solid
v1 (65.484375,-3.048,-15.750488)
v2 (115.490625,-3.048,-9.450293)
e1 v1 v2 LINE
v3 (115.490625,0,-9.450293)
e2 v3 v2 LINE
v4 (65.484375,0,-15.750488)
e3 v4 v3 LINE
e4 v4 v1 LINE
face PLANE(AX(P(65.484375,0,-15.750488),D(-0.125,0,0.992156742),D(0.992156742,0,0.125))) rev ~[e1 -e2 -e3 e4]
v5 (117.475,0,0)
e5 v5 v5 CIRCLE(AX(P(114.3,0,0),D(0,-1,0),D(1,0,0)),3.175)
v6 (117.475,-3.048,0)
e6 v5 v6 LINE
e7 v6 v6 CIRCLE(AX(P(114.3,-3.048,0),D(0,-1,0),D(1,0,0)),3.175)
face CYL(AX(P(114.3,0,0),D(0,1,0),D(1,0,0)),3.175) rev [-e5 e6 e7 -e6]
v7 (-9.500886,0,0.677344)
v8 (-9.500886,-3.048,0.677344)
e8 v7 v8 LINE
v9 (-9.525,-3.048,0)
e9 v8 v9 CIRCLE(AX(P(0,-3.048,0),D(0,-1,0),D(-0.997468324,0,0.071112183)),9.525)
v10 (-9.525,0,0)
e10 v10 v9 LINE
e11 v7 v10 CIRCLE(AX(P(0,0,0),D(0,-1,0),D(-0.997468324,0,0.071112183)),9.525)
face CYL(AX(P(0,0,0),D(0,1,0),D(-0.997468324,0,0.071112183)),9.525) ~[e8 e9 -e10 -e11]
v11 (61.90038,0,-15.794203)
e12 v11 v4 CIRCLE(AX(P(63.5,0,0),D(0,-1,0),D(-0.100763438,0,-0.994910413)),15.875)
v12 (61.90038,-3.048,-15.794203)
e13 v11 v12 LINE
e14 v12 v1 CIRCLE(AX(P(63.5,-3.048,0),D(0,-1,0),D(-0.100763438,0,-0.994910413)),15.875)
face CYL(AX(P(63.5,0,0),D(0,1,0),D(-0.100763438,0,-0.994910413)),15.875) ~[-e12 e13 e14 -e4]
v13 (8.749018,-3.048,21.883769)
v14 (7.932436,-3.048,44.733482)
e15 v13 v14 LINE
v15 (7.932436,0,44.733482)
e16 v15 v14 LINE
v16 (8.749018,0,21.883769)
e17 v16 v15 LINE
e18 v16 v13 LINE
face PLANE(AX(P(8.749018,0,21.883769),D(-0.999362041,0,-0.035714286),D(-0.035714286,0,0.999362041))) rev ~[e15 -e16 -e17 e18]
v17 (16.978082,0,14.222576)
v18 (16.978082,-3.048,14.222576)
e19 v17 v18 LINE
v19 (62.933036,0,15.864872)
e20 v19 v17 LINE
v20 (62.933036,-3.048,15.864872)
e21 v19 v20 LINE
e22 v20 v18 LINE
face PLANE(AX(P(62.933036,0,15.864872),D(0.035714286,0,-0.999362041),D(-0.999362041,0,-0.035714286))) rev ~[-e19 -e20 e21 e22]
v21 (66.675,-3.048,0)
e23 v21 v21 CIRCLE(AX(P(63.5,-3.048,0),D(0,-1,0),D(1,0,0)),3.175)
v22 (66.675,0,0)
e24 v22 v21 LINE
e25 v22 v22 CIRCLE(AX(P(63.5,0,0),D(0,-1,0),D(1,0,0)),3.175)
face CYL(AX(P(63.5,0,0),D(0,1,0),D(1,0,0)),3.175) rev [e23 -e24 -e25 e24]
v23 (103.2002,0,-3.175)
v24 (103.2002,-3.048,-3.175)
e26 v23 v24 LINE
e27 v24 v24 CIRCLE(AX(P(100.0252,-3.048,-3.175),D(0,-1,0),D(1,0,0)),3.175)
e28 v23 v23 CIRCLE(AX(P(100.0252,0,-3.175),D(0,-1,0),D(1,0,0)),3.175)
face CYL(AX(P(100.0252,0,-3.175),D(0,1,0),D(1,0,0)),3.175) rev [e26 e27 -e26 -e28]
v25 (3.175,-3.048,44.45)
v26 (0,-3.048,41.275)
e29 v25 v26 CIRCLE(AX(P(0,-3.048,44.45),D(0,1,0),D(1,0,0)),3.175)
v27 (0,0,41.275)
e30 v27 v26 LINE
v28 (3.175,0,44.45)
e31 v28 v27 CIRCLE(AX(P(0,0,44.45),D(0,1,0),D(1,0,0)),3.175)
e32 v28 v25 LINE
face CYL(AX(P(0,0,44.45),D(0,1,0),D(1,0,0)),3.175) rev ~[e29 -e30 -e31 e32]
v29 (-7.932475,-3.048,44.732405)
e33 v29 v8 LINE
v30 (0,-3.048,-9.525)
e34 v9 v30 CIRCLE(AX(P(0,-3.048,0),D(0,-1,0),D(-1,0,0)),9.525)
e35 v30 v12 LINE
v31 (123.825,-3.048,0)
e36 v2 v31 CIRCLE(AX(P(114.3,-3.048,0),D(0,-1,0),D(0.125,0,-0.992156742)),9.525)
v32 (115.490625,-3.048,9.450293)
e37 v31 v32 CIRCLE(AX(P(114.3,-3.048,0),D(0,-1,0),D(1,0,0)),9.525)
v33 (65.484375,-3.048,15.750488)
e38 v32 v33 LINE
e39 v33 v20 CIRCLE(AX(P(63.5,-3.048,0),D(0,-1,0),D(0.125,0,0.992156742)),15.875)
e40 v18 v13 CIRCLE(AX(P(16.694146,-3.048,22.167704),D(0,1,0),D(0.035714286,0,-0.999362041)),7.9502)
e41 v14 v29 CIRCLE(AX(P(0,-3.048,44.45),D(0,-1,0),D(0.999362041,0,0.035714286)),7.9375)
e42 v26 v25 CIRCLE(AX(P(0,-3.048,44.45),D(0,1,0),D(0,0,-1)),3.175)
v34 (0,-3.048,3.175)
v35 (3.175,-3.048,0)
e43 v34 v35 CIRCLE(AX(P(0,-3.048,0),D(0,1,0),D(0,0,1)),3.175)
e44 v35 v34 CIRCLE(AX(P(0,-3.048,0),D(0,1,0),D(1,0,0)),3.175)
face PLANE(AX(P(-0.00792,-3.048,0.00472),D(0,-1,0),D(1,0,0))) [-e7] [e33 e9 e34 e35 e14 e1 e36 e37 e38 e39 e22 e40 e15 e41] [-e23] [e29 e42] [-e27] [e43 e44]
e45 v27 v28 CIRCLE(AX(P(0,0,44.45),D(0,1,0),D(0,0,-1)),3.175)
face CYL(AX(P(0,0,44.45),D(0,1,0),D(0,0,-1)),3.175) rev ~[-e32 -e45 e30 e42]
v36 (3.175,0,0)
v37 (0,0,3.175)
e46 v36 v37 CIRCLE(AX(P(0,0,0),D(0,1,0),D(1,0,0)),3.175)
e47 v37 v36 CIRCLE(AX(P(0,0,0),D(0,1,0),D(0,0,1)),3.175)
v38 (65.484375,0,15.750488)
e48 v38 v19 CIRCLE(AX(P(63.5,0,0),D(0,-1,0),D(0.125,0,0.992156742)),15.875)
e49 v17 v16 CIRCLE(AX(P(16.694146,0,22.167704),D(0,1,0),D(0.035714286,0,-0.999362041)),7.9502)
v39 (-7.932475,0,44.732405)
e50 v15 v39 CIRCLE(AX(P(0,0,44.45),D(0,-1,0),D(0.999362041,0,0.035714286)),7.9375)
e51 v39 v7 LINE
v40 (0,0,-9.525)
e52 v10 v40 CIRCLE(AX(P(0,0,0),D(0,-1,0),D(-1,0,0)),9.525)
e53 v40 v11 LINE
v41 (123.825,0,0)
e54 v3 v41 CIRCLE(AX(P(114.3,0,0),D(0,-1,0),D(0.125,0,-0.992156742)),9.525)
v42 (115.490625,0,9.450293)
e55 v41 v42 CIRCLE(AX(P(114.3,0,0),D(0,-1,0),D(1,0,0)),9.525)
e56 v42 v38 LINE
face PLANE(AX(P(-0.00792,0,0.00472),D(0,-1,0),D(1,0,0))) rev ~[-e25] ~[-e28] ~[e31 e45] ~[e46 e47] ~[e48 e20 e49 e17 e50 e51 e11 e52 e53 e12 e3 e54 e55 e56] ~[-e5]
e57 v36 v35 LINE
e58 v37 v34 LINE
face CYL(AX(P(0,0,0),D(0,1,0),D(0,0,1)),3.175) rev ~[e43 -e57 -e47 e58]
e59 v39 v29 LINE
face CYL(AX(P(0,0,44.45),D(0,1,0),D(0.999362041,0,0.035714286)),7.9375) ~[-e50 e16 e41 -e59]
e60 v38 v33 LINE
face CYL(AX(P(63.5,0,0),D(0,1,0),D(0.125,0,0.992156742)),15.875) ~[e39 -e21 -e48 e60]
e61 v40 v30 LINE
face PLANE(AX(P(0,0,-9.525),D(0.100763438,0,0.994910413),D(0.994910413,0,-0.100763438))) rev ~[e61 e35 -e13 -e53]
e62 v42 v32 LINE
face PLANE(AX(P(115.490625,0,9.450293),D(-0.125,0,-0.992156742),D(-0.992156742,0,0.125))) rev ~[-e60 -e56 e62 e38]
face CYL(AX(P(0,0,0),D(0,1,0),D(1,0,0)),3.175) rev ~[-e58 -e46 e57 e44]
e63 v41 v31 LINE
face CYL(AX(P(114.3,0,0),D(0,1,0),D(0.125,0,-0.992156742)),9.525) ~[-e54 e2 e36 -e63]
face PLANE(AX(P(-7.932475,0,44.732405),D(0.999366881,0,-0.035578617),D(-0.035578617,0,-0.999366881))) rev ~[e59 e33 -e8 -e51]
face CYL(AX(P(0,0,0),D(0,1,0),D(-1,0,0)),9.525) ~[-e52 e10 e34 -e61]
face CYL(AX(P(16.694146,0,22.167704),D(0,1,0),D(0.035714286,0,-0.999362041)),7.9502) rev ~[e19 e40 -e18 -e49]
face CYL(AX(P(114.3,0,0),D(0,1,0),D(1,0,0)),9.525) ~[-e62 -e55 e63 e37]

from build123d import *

# Parameters (mm, degrees)
F0_R     = 3.175
F1_DEPTH = 3.048


with BuildPart() as f1:
    # F0 (on Front) → F1 (new body)
    with BuildSketch(Plane.XZ):
        with BuildLine():
            ThreePointArc((9.525, 0), (6.7351920908, 6.7351920908), (0, 9.525))
            ThreePointArc((0, 9.525), (-6.4912990883, 6.9705567315), (-9.500885786, 0.6773435479))
            Line((-9.500885786, 0.6773435479), (-9.525, 0))
            ThreePointArc((-9.525, 0), (-6.7351920908, -6.7351920908), (0, -9.525))
            ThreePointArc((0, -9.525), (6.7351920908, -6.7351920908), (9.525, 0))
        make_face()
        with BuildLine():
            ThreePointArc((3.175, 0), (-2.2450640303, -2.2450640303), (0, 3.175))
            ThreePointArc((0, 3.175), (2.2450640303, 2.2450640303), (3.175, 0))
        make_face(mode=Mode.SUBTRACT)
        with BuildLine():
            ThreePointArc((-9.500885786, 0.6773435479), (-6.4912990883, 6.9705567315), (0, 9.525))
            Line((0, 9.525), (0, 36.5125))
            ThreePointArc((0, 36.5125), (-5.7116327839, 38.9380895153), (-7.9324746146, 44.7324052746))
            Line((-7.9324746146, 44.7324052746), (-9.500885786, 0.6773435479))
        make_face()
        with BuildLine():
            Line((0, 36.5125), (0, 9.525))
            ThreePointArc((0, 9.525), (6.7351920908, 6.7351920908), (9.525, 0))
            ThreePointArc((9.525, 0), (6.7351920908, -6.7351920908), (0, -9.525))
            Line((0, -9.525), (61.9003804205, -15.7942028036))
            ThreePointArc((61.9003804205, -15.7942028036), (47.6334382359, 0.5175353004), (62.9330357143, 15.8648724073))
            Line((62.9330357143, 15.8648724073), (16.9780821582, 14.2225763491))
            ThreePointArc((16.9780821582, 14.2225763491), (11.2768653549, 16.3488776236), (8.7490183423, 21.8837687364))
            Line((8.7490183423, 21.8837687364), (7.9324362036, 44.7334821429))
            ThreePointArc((7.9324362036, 44.7334821429), (7.9362339499, 44.5917636831), (7.9375, 44.45))
            ThreePointArc((7.9375, 44.45), (5.6126600757, 38.8373399243), (0, 36.5125))
        make_face()
        with BuildLine():
            ThreePointArc((-7.9324746146, 44.7324052746), (-5.7116327839, 38.9380895153), (0, 36.5125))
            ThreePointArc((0, 36.5125), (5.6126600757, 38.8373399243), (7.9375, 44.45))
            ThreePointArc((7.9375, 44.45), (7.9362339499, 44.5917636831), (7.9324362036, 44.7334821429))
            ThreePointArc((7.9324362036, 44.7334821429), (-0.0005387766, 52.3874999817), (-7.9324746146, 44.7324052746))
        make_face()
        with BuildLine():
            ThreePointArc((3.175, 44.45), (2.2450640303, 42.2049359697), (0, 41.275))
            ThreePointArc((0, 41.275), (-2.2450640303, 46.6950640303), (3.175, 44.45))
        make_face(mode=Mode.SUBTRACT)
        with BuildLine():
            Line((-9.525, 0), (-9.500885786, 0.6773435479))
            ThreePointArc((-9.500885786, 0.6773435479), (-9.5189695375, 0.3388863295), (-9.525, 0))
        make_face()
        with BuildLine():
            ThreePointArc((62.9330357143, 15.8648724073), (47.6334382359, 0.5175353004), (61.9003804205, -15.7942028036))
            ThreePointArc((61.9003804205, -15.7942028036), (63.6936154008, -15.8738192656), (65.484375, -15.7504882737))
            ThreePointArc((65.484375, -15.7504882737), (75.40625, -10.5003255158), (79.375, 0))
            ThreePointArc((79.375, 0), (75.40625, 10.5003255158), (65.484375, 15.7504882737))
            ThreePointArc((65.484375, 15.7504882737), (64.2110092937, 15.8590696696), (62.9330357143, 15.8648724073))
        make_face()
        with Locations((63.5, 0)):
            Circle(F0_R, mode=Mode.SUBTRACT)
        with BuildLine():
            ThreePointArc((79.375, 0), (75.40625, -10.5003255158), (65.484375, -15.7504882737))
            Line((65.484375, -15.7504882737), (115.490625, -9.4502929642))
            ThreePointArc((115.490625, -9.4502929642), (104.775, 0), (115.490625, 9.4502929642))
            Line((115.490625, 9.4502929642), (65.484375, 15.7504882737))
            ThreePointArc((65.484375, 15.7504882737), (75.40625, 10.5003255158), (79.375, 0))
        make_face()
        with Locations((100.0252, -3.175)):
            Circle(F0_R, mode=Mode.SUBTRACT)
        with BuildLine():
            ThreePointArc((115.490625, 9.4502929642), (104.775, 0), (115.490625, -9.4502929642))
            ThreePointArc((115.490625, -9.4502929642), (121.44375, -6.3001953095), (123.825, 0))
            ThreePointArc((123.825, 0), (121.44375, 6.3001953095), (115.490625, 9.4502929642))
        make_face()
        with Locations((114.3, 0)):
            Circle(F0_R, mode=Mode.SUBTRACT)
    extrude(amount=F1_DEPTH)


solid = f1.part
